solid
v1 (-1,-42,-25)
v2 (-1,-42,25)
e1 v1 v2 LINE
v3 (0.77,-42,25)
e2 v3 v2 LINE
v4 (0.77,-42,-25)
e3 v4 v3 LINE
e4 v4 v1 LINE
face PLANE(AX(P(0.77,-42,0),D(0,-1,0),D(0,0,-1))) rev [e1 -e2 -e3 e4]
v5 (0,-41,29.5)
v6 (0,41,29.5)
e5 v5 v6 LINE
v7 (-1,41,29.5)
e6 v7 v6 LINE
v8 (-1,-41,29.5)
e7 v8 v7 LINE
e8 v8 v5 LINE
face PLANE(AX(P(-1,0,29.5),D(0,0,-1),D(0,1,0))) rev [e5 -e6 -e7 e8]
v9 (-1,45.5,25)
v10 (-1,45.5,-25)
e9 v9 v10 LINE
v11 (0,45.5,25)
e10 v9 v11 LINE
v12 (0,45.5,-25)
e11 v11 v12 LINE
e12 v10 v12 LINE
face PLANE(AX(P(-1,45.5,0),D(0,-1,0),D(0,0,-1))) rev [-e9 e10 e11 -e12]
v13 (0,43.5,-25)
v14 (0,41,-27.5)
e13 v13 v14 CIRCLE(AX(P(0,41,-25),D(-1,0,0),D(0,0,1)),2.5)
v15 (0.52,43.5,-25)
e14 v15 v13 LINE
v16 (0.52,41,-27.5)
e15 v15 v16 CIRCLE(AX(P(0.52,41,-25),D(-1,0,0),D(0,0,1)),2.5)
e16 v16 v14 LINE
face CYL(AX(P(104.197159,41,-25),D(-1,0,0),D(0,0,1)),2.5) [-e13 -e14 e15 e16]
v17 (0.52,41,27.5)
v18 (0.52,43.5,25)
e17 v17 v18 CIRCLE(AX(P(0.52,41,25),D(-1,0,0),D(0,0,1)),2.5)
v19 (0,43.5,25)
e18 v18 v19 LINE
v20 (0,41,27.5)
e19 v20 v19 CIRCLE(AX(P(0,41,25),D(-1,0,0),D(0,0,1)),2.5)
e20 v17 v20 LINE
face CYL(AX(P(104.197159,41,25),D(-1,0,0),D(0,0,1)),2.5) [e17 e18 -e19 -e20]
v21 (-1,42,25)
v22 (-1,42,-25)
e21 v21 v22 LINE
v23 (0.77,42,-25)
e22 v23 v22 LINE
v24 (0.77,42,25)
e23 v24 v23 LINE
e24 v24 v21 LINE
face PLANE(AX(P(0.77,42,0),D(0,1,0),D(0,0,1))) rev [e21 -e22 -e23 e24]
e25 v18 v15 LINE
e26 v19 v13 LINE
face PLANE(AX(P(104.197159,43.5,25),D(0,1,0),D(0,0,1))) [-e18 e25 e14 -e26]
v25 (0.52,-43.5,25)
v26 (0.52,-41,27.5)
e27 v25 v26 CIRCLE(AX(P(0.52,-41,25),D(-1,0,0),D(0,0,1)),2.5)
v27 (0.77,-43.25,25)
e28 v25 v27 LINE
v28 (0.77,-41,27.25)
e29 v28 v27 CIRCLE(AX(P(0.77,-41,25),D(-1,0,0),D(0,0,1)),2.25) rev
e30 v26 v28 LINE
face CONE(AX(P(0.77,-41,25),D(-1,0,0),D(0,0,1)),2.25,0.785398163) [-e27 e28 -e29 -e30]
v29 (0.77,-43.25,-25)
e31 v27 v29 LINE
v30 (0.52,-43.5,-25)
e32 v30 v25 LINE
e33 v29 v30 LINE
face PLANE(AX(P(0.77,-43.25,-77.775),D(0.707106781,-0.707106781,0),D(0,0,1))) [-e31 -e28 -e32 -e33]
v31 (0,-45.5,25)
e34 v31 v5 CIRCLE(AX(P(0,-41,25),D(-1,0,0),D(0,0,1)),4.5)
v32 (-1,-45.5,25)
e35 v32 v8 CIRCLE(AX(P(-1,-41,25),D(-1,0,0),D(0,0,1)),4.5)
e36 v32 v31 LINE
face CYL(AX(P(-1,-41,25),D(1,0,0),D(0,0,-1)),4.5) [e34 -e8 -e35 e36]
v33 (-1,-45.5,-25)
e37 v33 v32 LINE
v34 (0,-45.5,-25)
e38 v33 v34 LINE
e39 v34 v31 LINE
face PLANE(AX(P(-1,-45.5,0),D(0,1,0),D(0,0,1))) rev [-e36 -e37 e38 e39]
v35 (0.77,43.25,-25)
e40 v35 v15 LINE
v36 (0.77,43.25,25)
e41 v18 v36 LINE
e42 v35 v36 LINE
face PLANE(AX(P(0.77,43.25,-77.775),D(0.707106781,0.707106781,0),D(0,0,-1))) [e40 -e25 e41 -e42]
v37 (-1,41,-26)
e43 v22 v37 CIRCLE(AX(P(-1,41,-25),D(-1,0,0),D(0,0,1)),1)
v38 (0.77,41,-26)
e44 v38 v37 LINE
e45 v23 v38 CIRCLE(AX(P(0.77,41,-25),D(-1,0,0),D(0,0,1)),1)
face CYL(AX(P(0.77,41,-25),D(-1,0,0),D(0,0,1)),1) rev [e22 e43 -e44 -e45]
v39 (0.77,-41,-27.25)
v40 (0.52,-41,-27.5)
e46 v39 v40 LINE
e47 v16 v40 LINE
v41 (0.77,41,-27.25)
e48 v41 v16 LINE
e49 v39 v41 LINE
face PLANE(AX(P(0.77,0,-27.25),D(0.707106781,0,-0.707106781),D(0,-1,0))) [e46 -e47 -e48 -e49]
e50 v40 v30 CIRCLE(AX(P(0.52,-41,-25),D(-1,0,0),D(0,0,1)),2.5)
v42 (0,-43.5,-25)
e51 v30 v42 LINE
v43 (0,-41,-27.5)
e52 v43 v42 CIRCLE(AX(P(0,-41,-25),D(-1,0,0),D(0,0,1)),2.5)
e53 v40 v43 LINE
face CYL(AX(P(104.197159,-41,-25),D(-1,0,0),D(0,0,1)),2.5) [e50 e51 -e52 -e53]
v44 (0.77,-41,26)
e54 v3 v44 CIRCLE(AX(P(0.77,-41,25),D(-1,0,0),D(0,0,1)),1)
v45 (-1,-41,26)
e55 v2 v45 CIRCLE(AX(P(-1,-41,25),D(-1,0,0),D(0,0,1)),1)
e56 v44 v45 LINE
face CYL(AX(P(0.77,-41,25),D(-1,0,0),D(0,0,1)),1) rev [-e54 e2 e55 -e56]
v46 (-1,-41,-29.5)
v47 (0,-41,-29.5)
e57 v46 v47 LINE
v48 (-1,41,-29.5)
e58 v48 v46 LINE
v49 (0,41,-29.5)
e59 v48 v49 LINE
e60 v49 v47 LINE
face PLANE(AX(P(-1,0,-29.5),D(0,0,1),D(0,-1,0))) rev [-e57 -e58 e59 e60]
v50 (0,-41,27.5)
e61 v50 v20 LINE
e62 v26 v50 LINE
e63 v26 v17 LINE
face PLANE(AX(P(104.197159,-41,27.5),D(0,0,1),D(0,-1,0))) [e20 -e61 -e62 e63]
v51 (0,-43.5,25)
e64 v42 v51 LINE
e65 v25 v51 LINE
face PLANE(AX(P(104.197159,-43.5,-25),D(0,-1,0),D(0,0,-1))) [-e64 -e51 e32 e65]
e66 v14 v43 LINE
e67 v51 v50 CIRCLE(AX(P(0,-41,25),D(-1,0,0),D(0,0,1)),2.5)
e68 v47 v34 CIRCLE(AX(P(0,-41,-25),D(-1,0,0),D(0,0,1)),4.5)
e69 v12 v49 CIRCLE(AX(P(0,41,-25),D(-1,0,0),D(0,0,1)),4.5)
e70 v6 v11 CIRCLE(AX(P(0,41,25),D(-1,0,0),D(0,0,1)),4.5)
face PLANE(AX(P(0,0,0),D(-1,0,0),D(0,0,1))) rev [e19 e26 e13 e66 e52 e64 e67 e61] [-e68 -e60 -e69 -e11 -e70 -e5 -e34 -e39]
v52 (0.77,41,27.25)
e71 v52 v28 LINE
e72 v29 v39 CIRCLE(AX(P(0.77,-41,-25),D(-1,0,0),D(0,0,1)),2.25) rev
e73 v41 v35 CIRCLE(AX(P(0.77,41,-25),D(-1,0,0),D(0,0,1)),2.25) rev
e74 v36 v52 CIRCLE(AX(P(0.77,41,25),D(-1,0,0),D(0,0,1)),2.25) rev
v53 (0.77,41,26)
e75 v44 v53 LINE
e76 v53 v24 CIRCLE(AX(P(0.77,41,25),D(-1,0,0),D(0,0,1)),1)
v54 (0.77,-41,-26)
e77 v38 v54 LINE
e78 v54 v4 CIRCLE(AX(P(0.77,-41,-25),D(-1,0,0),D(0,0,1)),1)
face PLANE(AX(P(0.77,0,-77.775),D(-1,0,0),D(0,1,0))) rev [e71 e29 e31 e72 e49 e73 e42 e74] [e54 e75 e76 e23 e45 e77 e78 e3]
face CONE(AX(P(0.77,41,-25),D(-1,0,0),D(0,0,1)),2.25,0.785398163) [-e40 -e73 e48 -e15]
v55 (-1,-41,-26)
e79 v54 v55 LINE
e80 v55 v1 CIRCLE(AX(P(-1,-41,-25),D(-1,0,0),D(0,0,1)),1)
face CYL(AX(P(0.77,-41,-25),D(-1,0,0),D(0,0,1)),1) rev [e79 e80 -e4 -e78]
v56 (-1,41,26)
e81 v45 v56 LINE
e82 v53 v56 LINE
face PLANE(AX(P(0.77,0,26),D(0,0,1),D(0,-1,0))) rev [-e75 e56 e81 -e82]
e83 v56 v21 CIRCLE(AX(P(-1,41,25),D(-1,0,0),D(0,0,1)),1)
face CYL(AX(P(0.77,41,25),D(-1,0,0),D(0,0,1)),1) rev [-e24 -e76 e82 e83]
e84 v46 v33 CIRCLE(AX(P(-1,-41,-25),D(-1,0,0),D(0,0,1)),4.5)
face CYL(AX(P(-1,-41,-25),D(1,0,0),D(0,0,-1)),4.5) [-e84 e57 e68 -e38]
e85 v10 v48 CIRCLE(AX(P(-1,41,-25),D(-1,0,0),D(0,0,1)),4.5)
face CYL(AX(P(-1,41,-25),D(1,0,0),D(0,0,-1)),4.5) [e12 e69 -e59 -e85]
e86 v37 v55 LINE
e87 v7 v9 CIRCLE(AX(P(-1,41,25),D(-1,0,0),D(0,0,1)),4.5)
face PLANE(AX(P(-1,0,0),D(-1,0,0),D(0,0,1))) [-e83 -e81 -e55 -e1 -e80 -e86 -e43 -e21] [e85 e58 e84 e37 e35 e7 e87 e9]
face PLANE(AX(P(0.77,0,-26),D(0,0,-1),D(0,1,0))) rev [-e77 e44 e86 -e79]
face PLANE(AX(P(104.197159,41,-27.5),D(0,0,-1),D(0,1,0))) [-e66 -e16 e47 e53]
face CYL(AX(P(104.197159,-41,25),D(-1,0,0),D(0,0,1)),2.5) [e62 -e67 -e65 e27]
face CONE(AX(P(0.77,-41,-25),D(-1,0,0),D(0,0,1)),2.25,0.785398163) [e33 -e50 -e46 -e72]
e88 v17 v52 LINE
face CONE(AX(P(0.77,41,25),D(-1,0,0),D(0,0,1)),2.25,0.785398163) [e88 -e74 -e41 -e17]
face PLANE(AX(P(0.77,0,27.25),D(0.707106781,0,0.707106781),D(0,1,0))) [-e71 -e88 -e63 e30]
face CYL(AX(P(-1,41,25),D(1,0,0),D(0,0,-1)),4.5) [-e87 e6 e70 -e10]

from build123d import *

# Parameters (mm, degrees)
BOSS_EXTRUDE1_DEPTH     = 0.77
BOSS_EXTRUDE2_DEPTH     = 1
CUT_EXTRUDE1_DEPTH      = 55.235597166
CUT_EXTRUDE1_DEPTH_BACK = 55.235597166
CHAMFER1_SIZE           = 0.25


with BuildPart() as part:
    # Sketch2 → Boss-Extrude1 (new body)
    with BuildSketch(Plane.ZY):
        with BuildLine():
            Line((-27.5, 41), (-27.5, -41))
            ThreePointArc((-27.5, -41), (-26.767766953, -42.767766953), (-25, -43.5))
            Line((-25, -43.5), (25, -43.5))
            ThreePointArc((25, -43.5), (26.767766953, -42.767766953), (27.5, -41))
            Line((27.5, -41), (27.5, 41))
            ThreePointArc((27.5, 41), (26.767766953, 42.767766953), (25, 43.5))
            Line((25, 43.5), (-25, 43.5))
            ThreePointArc((-25, 43.5), (-26.767766953, 42.767766953), (-27.5, 41))
        make_face()
    extrude(amount=-BOSS_EXTRUDE1_DEPTH)

    # Sketch3 → Boss-Extrude2 (add)
    with BuildSketch(Plane.ZY):
        with BuildLine():
            Line((-29.5, 41), (-29.5, -41))
            ThreePointArc((-29.5, -41), (-28.181980515, -44.181980515), (-25, -45.5))
            Line((-25, -45.5), (25, -45.5))
            ThreePointArc((25, -45.5), (28.181980515, -44.181980515), (29.5, -41))
            Line((29.5, -41), (29.5, 41))
            ThreePointArc((29.5, 41), (28.181980515, 44.181980515), (25, 45.5))
            Line((25, 45.5), (-25, 45.5))
            ThreePointArc((-25, 45.5), (-28.181980515, 44.181980515), (-29.5, 41))
        make_face()
    extrude(amount=BOSS_EXTRUDE2_DEPTH)

    # Sketch3<3> → Cut-Extrude1 (cut, two sides: drawn at the far end of the back side and taken through both)
    with BuildSketch(Plane.ZY.offset(-CUT_EXTRUDE1_DEPTH_BACK)):
        with BuildLine():
            Line((25, 41.999999952), (-25, 41.999999952))
            ThreePointArc((-25, 41.999999952), (-25.707106747, 41.707106747), (-25.999999952, 41))
            Line((-25.999999952, 41), (-25.999999952, -41))
            ThreePointArc((-25.999999952, -41), (-25.707106747, -41.707106747), (-25, -41.999999952))
            Line((-25, -41.999999952), (25, -41.999999952))
            ThreePointArc((25, -41.999999952), (25.707106747, -41.707106747), (25.999999952, -41))
            Line((25.999999952, -41), (25.999999952, 41))
            ThreePointArc((25.999999952, 41), (25.707106747, 41.707106747), (25, 41.999999952))
        make_face()
    extrude(amount=CUT_EXTRUDE1_DEPTH + CUT_EXTRUDE1_DEPTH_BACK, mode=Mode.SUBTRACT)

    # Chamfer1
    chamfer1_edges = [part.edges().sort_by_distance(p)[0] for p in [
        (0.77, -43.5, 0),
        (0.77, -42.767766953, 26.767766953),
        (0.77, 0, 27.5),
        (0.77, 42.767766953, 26.767766953),
        (0.77, 43.5, 0),
        (0.77, 42.767766953, -26.767766953),
        (0.77, 0, -27.5),
        (0.77, -42.767766953, -26.767766953),
    ]]
    chamfer(chamfer1_edges, length=CHAMFER1_SIZE)


solid = part.part
